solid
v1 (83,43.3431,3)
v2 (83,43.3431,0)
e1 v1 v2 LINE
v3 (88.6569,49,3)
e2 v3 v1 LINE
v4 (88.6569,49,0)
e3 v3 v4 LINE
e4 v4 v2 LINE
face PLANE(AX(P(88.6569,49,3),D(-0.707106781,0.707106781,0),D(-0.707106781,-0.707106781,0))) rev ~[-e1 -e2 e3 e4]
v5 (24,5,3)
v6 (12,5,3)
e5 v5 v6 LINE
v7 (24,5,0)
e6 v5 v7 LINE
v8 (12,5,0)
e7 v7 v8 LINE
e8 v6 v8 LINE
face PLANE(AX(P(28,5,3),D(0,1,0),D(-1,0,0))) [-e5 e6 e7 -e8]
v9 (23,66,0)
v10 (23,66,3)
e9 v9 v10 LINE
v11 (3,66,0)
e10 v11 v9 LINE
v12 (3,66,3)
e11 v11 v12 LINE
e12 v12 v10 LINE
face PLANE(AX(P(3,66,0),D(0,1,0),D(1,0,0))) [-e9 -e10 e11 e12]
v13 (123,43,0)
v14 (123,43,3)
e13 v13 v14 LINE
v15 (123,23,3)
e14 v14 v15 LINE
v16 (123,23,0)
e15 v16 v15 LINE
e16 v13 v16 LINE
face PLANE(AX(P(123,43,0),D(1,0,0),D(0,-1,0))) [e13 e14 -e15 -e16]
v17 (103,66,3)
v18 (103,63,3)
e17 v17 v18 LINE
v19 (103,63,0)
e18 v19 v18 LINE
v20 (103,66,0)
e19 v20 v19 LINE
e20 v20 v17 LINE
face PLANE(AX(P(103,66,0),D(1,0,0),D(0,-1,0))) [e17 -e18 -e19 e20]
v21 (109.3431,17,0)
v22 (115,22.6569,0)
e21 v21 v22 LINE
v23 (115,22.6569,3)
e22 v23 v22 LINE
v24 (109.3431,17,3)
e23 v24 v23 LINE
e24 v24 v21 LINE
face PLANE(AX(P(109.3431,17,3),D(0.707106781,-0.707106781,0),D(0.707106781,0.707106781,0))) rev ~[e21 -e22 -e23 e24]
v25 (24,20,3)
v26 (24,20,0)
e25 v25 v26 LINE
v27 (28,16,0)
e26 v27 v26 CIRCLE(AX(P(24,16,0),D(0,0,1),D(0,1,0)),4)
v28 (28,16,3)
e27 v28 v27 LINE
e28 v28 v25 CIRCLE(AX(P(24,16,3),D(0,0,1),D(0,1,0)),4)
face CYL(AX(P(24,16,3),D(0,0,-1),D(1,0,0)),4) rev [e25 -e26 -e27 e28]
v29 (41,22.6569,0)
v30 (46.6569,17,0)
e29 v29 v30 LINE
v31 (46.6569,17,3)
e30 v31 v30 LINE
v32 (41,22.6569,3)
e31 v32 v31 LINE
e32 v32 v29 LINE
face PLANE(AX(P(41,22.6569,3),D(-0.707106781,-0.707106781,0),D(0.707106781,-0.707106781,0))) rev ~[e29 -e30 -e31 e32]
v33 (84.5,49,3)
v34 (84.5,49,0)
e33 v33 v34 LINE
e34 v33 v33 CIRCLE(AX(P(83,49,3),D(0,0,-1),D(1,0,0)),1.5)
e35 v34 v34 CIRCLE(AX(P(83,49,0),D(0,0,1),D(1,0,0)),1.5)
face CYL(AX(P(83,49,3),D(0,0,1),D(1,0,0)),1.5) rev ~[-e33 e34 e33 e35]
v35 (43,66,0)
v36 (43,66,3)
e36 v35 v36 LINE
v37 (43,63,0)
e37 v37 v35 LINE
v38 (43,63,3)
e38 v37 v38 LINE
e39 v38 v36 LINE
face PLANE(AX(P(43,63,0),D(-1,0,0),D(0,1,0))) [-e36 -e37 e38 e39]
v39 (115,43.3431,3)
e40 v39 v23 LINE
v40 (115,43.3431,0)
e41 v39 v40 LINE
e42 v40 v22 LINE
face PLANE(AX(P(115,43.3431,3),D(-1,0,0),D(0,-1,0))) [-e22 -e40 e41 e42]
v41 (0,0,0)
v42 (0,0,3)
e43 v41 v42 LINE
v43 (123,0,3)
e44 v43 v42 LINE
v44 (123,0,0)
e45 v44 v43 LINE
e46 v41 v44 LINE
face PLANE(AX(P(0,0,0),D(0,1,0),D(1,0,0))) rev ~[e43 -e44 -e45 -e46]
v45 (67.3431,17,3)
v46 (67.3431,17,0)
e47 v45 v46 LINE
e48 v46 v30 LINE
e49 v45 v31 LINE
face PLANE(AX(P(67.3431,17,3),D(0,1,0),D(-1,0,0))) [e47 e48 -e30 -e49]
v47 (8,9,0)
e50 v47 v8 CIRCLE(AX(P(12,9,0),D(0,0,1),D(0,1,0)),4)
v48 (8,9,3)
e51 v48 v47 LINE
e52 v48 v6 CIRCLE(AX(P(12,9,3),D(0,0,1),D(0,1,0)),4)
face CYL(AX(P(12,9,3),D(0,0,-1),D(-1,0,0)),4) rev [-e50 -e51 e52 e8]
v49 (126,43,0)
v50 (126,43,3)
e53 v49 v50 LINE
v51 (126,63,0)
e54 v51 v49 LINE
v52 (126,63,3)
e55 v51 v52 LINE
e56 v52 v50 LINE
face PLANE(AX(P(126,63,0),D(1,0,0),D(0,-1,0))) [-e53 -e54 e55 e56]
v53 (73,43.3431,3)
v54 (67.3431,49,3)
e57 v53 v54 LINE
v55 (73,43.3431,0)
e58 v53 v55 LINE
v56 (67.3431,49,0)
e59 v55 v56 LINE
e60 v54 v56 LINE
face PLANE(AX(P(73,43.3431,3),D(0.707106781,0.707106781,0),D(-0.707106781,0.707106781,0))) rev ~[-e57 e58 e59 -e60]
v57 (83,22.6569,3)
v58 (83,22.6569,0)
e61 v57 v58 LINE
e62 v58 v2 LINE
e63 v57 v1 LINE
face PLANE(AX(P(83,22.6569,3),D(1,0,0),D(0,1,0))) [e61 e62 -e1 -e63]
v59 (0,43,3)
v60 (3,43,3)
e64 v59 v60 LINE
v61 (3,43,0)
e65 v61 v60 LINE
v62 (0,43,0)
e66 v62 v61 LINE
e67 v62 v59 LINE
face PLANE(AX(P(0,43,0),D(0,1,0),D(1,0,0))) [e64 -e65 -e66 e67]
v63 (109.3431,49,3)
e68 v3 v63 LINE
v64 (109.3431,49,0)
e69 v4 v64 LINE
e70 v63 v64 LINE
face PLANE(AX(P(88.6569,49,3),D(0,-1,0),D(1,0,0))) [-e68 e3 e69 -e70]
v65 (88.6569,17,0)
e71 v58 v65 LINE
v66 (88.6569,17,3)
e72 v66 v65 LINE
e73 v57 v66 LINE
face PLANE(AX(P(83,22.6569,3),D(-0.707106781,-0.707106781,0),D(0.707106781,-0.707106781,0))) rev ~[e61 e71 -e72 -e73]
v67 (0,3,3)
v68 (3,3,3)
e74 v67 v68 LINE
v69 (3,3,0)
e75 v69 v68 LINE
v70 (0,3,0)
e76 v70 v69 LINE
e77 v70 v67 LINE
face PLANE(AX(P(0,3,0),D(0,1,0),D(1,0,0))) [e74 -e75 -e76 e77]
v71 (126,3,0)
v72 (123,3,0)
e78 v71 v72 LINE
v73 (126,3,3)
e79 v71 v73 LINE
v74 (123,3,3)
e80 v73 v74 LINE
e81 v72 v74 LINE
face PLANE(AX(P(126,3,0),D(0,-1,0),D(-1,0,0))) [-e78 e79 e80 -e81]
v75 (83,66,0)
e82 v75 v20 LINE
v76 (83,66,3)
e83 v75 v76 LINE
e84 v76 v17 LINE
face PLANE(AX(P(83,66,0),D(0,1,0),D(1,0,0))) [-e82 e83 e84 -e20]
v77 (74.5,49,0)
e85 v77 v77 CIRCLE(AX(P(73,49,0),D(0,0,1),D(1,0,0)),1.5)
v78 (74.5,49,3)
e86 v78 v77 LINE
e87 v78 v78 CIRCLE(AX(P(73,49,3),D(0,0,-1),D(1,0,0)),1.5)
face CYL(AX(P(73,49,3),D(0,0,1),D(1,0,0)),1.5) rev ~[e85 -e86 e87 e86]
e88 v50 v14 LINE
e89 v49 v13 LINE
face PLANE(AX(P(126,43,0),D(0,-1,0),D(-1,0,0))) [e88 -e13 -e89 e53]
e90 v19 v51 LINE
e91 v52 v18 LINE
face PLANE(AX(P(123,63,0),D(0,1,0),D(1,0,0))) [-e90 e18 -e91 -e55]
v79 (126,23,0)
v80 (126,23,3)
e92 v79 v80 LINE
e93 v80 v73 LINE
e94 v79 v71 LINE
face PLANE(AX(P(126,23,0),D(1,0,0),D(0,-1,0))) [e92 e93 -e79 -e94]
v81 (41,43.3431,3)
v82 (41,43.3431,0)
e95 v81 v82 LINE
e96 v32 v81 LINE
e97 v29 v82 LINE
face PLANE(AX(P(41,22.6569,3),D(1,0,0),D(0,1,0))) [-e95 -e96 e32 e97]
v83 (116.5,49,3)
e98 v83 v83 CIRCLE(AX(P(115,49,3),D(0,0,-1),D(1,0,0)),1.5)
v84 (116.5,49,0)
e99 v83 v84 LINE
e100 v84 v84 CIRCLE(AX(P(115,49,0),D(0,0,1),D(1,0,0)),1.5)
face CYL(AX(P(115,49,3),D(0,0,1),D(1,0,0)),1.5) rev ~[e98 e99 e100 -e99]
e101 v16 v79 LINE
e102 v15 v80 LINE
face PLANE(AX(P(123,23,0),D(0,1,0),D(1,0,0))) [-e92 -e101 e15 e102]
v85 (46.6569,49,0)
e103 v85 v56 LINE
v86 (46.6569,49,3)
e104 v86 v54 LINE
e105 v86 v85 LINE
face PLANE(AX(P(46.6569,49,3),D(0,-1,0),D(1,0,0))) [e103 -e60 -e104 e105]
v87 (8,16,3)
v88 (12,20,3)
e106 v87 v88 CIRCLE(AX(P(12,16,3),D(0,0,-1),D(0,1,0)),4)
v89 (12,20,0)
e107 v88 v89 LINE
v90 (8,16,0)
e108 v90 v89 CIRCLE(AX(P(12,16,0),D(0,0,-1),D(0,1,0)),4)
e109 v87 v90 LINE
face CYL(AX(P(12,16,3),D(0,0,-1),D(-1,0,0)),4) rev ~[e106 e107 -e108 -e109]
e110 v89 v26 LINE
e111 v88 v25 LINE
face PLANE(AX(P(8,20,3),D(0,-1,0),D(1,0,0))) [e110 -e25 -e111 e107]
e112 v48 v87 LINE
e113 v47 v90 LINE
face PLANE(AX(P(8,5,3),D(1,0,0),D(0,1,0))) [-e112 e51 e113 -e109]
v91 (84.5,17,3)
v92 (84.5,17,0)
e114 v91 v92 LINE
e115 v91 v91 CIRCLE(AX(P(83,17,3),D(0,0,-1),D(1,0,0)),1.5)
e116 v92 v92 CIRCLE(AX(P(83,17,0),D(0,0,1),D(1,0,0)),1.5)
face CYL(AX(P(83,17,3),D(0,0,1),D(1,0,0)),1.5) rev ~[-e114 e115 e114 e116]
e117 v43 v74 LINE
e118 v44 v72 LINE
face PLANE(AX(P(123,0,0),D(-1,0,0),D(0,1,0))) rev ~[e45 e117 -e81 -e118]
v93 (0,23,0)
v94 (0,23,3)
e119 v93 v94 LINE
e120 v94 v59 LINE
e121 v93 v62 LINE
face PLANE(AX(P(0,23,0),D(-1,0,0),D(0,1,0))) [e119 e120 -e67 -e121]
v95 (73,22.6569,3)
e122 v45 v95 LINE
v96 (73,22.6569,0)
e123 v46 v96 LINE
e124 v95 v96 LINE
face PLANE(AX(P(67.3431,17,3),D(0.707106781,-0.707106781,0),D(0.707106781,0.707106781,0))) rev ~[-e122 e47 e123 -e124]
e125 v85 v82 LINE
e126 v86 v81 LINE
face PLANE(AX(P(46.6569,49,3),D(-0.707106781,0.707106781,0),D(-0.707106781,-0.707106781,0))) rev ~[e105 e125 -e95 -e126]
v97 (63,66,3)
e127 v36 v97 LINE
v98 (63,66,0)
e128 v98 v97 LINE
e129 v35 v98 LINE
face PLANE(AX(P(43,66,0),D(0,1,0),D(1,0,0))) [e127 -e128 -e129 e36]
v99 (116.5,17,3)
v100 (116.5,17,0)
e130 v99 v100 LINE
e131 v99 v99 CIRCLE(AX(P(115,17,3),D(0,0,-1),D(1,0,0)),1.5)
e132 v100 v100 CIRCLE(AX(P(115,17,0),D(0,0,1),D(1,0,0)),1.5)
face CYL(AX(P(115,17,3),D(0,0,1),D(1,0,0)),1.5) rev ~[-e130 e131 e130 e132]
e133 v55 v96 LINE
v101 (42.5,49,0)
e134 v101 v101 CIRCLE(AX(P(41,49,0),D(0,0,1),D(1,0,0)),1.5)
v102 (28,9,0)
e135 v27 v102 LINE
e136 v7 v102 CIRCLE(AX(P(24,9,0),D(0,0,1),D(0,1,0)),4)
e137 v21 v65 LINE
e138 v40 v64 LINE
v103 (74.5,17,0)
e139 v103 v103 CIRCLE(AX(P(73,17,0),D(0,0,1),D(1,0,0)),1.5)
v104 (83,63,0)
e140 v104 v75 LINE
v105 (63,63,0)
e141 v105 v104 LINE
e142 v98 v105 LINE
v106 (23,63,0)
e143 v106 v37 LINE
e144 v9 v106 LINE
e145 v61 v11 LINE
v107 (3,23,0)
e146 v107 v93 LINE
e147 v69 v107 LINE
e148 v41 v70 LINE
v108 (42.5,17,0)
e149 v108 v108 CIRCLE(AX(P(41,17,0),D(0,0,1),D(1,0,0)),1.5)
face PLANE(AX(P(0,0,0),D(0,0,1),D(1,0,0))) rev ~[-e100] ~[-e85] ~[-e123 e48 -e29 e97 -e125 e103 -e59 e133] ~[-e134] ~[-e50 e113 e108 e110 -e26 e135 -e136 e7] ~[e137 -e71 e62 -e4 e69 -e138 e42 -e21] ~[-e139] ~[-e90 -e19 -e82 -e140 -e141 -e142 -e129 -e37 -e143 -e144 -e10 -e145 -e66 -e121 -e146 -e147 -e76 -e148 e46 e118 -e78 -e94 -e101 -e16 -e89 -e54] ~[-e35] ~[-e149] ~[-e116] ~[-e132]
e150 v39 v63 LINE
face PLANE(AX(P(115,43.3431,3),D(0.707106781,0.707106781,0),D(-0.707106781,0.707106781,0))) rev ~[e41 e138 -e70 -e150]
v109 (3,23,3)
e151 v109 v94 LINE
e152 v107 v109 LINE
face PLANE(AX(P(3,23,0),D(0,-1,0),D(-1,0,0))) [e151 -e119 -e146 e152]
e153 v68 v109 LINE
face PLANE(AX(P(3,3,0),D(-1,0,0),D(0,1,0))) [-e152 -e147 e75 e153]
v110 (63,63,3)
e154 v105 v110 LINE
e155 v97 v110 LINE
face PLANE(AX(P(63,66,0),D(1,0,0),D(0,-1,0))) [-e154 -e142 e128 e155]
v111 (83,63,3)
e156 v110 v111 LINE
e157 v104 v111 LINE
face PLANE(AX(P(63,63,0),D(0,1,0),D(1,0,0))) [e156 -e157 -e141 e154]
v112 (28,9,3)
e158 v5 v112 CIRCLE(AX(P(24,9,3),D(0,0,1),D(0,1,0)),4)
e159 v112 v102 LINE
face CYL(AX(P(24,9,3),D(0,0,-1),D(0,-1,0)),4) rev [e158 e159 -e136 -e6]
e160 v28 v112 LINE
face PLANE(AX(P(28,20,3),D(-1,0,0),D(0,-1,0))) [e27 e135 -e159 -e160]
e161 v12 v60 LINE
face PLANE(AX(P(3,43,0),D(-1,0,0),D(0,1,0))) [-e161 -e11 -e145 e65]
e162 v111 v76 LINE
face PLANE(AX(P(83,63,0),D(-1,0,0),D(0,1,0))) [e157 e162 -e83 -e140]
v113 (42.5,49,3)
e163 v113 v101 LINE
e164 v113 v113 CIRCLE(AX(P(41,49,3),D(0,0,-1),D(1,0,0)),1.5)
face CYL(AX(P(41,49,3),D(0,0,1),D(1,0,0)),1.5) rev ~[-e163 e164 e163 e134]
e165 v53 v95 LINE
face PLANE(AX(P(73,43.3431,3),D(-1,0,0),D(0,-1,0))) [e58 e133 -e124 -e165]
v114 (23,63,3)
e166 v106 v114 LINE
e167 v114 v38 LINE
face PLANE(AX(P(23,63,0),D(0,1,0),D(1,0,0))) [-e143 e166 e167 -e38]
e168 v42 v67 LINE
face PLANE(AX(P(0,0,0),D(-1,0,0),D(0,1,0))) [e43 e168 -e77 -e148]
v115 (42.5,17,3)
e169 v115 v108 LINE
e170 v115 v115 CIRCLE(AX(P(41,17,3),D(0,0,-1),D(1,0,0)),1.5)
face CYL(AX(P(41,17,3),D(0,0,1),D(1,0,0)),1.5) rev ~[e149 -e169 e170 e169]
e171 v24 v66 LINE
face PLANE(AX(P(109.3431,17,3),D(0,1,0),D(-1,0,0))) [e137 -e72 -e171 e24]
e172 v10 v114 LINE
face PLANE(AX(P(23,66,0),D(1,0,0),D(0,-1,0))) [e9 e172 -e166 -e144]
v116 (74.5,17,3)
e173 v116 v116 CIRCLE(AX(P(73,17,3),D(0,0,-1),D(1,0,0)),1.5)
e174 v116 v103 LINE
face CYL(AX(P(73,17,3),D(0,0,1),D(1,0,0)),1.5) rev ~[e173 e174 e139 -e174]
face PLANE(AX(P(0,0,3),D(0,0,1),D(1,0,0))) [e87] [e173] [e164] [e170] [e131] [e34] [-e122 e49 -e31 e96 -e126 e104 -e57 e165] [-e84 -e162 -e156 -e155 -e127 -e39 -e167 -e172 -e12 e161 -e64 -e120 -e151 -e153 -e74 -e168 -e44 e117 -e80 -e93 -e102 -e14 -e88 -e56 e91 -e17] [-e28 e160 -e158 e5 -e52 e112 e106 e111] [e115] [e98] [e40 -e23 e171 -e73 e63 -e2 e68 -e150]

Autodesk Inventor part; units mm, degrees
ref_plane "YZ Plane" through (0, 0, 0) normal (1, 0, 0) x (0, 1, 0)
ref_plane "XZ Plane" through (0, 0, 0) normal (0, 1, 0) x (-1, 0, 0)
ref_plane "XY Plane" through (0, 0, 0) normal (0, 0, 1) x (1, 0, 0)
sketch "Sketch1" plane through (0, 0, 0) normal (0, 0, 1) x (1, 0, 0)
  line L0 (0, 0) -> (3, 0)
  line L1 (3, 0) -> (123, 0)
  line L2 (0, 0) -> (0, 3)
  line L3 (0, 3) -> (3, 3)
  line L4 (3, 3) -> (3, 23)
  line L5 (3, 23) -> (0, 23)
  line L6 (0, 23) -> (0, 43)
  line L7 (0, 43) -> (3, 43)
  line L8 (3, 43) -> (3, 63)
  line L9 (3, 63) -> (3, 66)
  line L10 (3, 66) -> (23, 66)
  line L11 (23, 66) -> (23, 63)
  line L12 (23, 63) -> (43, 63)
  line L13 (43, 63) -> (43, 66)
  line L14 (43, 66) -> (63, 66)
  line L15 (63, 66) -> (63, 63)
  line L16 (63, 63) -> (83, 63)
  line L17 (83, 63) -> (83, 66)
  line L18 (83, 66) -> (103, 66)
  line L19 (103, 66) -> (103, 63)
  line L20 (103, 63) -> (123, 63)
  line L21 (123, 63) -> (126, 63)
  line L22 (126, 63) -> (126, 43)
  line L23 (126, 43) -> (123, 43)
  line L24 (123, 43) -> (123, 23)
  line L25 (123, 23) -> (126, 23)
  line L26 (126, 23) -> (126, 3)
  line L27 (126, 3) -> (123, 3)
  line L28 (123, 0) -> (123, 3)
  dimension "d0" = 3
  dimension "d1" = 120
  dimension "d2" = 3
  dimension "d3" = 20
  dimension "d4" = 20
  dimension "d5" = 20
  dimension "d6" = 3
  dimension "d7" = 20
  dimension "d8" = 20
  dimension "d9" = 20
  dimension "d10" = 20
  dimension "d11" = 20
  dimension "d12" = 20
  dimension "d13" = 3
  dimension "d14" = 20
  dimension "d15" = 20
  dimension "d16" = 20
extrude "Extrusion1" add sketch "Sketch1" along normal blind 3
sketch "Sketch2" plane through (0, 0, 3) normal (0, 0, 1) x (1, 0, 0)
  line L0 (83, 49) -> (115, 49)
  line L1 (115, 49) -> (115, 17)
  line L2 (115, 17) -> (83, 17)
  line L3 (83, 17) -> (83, 49)
  line L4 (83, 49) -> (115, 17) construction
  line L5 (115, 49) -> (83, 17) construction
  line L6 (123, 23) -> (123, 43) construction
  circle A0 centre (83, 49) radius 1.5
  circle A1 centre (83, 17) radius 1.5
  circle A2 centre (115, 17) radius 1.5
  circle A3 centre (115, 49) radius 1.5
  line L7 (88.6569, 49) -> (83, 43.3431)
  line L8 (83, 22.6569) -> (88.6569, 17)
  line L9 (109.3431, 17) -> (115, 22.6569)
  line L10 (115, 43.3431) -> (109.3431, 49)
  point P0 (0, 0)
  point P1 (99, 33)
  point P2 (115, 33)
  point P3 (123, 33)
  dimension "d19" = 32
  dimension "d20" = 32
  dimension "d21" = 8
  dimension "d26" = 3
  dimension "d27" = 45
  dimension "d28" = 4
extrude "Extrusion2" cut sketch "Sketch2" against normal through all contours L3 A0 L0 | L0 A0 L3 | L0 L10 L1 L9 L2 L8 L3 L7 | A3 L1 L0 | L0 L1 A3 | A1 L2 L3 | L3 L2 A1 | A2 L2 L1 | L1 L2 A2
pattern_linear "Rectangular Pattern1" count 2 spacing 42 along (-1, 0, 0) of "Extrusion2"
sketch "Sketch3" plane through (0, 0, 3) normal (0, 0, 1) x (1, 0, 0)
  line L0 (8, 20) -> (28, 20)
  line L1 (28, 20) -> (28, 5)
  line L2 (28, 5) -> (8, 5)
  line L3 (8, 5) -> (8, 20)
  line L4 (0, 0) -> (123, 0) projected
  line L5 (3, 23) -> (3, 3) projected
  dimension "d34" = 15
  dimension "d35" = 5
  dimension "d36" = 5
  dimension "d37" = 20
extrude "Extrusion3" cut sketch "Sketch3" against normal through all
fillet "Fillet1" radius 4 4 edges at (28, 5, 1.5) (28, 20, 1.5) (8, 20, 1.5) (8, 5, 1.5)
properties part number "ControlBoxFace" material "Wood (Birch)"
